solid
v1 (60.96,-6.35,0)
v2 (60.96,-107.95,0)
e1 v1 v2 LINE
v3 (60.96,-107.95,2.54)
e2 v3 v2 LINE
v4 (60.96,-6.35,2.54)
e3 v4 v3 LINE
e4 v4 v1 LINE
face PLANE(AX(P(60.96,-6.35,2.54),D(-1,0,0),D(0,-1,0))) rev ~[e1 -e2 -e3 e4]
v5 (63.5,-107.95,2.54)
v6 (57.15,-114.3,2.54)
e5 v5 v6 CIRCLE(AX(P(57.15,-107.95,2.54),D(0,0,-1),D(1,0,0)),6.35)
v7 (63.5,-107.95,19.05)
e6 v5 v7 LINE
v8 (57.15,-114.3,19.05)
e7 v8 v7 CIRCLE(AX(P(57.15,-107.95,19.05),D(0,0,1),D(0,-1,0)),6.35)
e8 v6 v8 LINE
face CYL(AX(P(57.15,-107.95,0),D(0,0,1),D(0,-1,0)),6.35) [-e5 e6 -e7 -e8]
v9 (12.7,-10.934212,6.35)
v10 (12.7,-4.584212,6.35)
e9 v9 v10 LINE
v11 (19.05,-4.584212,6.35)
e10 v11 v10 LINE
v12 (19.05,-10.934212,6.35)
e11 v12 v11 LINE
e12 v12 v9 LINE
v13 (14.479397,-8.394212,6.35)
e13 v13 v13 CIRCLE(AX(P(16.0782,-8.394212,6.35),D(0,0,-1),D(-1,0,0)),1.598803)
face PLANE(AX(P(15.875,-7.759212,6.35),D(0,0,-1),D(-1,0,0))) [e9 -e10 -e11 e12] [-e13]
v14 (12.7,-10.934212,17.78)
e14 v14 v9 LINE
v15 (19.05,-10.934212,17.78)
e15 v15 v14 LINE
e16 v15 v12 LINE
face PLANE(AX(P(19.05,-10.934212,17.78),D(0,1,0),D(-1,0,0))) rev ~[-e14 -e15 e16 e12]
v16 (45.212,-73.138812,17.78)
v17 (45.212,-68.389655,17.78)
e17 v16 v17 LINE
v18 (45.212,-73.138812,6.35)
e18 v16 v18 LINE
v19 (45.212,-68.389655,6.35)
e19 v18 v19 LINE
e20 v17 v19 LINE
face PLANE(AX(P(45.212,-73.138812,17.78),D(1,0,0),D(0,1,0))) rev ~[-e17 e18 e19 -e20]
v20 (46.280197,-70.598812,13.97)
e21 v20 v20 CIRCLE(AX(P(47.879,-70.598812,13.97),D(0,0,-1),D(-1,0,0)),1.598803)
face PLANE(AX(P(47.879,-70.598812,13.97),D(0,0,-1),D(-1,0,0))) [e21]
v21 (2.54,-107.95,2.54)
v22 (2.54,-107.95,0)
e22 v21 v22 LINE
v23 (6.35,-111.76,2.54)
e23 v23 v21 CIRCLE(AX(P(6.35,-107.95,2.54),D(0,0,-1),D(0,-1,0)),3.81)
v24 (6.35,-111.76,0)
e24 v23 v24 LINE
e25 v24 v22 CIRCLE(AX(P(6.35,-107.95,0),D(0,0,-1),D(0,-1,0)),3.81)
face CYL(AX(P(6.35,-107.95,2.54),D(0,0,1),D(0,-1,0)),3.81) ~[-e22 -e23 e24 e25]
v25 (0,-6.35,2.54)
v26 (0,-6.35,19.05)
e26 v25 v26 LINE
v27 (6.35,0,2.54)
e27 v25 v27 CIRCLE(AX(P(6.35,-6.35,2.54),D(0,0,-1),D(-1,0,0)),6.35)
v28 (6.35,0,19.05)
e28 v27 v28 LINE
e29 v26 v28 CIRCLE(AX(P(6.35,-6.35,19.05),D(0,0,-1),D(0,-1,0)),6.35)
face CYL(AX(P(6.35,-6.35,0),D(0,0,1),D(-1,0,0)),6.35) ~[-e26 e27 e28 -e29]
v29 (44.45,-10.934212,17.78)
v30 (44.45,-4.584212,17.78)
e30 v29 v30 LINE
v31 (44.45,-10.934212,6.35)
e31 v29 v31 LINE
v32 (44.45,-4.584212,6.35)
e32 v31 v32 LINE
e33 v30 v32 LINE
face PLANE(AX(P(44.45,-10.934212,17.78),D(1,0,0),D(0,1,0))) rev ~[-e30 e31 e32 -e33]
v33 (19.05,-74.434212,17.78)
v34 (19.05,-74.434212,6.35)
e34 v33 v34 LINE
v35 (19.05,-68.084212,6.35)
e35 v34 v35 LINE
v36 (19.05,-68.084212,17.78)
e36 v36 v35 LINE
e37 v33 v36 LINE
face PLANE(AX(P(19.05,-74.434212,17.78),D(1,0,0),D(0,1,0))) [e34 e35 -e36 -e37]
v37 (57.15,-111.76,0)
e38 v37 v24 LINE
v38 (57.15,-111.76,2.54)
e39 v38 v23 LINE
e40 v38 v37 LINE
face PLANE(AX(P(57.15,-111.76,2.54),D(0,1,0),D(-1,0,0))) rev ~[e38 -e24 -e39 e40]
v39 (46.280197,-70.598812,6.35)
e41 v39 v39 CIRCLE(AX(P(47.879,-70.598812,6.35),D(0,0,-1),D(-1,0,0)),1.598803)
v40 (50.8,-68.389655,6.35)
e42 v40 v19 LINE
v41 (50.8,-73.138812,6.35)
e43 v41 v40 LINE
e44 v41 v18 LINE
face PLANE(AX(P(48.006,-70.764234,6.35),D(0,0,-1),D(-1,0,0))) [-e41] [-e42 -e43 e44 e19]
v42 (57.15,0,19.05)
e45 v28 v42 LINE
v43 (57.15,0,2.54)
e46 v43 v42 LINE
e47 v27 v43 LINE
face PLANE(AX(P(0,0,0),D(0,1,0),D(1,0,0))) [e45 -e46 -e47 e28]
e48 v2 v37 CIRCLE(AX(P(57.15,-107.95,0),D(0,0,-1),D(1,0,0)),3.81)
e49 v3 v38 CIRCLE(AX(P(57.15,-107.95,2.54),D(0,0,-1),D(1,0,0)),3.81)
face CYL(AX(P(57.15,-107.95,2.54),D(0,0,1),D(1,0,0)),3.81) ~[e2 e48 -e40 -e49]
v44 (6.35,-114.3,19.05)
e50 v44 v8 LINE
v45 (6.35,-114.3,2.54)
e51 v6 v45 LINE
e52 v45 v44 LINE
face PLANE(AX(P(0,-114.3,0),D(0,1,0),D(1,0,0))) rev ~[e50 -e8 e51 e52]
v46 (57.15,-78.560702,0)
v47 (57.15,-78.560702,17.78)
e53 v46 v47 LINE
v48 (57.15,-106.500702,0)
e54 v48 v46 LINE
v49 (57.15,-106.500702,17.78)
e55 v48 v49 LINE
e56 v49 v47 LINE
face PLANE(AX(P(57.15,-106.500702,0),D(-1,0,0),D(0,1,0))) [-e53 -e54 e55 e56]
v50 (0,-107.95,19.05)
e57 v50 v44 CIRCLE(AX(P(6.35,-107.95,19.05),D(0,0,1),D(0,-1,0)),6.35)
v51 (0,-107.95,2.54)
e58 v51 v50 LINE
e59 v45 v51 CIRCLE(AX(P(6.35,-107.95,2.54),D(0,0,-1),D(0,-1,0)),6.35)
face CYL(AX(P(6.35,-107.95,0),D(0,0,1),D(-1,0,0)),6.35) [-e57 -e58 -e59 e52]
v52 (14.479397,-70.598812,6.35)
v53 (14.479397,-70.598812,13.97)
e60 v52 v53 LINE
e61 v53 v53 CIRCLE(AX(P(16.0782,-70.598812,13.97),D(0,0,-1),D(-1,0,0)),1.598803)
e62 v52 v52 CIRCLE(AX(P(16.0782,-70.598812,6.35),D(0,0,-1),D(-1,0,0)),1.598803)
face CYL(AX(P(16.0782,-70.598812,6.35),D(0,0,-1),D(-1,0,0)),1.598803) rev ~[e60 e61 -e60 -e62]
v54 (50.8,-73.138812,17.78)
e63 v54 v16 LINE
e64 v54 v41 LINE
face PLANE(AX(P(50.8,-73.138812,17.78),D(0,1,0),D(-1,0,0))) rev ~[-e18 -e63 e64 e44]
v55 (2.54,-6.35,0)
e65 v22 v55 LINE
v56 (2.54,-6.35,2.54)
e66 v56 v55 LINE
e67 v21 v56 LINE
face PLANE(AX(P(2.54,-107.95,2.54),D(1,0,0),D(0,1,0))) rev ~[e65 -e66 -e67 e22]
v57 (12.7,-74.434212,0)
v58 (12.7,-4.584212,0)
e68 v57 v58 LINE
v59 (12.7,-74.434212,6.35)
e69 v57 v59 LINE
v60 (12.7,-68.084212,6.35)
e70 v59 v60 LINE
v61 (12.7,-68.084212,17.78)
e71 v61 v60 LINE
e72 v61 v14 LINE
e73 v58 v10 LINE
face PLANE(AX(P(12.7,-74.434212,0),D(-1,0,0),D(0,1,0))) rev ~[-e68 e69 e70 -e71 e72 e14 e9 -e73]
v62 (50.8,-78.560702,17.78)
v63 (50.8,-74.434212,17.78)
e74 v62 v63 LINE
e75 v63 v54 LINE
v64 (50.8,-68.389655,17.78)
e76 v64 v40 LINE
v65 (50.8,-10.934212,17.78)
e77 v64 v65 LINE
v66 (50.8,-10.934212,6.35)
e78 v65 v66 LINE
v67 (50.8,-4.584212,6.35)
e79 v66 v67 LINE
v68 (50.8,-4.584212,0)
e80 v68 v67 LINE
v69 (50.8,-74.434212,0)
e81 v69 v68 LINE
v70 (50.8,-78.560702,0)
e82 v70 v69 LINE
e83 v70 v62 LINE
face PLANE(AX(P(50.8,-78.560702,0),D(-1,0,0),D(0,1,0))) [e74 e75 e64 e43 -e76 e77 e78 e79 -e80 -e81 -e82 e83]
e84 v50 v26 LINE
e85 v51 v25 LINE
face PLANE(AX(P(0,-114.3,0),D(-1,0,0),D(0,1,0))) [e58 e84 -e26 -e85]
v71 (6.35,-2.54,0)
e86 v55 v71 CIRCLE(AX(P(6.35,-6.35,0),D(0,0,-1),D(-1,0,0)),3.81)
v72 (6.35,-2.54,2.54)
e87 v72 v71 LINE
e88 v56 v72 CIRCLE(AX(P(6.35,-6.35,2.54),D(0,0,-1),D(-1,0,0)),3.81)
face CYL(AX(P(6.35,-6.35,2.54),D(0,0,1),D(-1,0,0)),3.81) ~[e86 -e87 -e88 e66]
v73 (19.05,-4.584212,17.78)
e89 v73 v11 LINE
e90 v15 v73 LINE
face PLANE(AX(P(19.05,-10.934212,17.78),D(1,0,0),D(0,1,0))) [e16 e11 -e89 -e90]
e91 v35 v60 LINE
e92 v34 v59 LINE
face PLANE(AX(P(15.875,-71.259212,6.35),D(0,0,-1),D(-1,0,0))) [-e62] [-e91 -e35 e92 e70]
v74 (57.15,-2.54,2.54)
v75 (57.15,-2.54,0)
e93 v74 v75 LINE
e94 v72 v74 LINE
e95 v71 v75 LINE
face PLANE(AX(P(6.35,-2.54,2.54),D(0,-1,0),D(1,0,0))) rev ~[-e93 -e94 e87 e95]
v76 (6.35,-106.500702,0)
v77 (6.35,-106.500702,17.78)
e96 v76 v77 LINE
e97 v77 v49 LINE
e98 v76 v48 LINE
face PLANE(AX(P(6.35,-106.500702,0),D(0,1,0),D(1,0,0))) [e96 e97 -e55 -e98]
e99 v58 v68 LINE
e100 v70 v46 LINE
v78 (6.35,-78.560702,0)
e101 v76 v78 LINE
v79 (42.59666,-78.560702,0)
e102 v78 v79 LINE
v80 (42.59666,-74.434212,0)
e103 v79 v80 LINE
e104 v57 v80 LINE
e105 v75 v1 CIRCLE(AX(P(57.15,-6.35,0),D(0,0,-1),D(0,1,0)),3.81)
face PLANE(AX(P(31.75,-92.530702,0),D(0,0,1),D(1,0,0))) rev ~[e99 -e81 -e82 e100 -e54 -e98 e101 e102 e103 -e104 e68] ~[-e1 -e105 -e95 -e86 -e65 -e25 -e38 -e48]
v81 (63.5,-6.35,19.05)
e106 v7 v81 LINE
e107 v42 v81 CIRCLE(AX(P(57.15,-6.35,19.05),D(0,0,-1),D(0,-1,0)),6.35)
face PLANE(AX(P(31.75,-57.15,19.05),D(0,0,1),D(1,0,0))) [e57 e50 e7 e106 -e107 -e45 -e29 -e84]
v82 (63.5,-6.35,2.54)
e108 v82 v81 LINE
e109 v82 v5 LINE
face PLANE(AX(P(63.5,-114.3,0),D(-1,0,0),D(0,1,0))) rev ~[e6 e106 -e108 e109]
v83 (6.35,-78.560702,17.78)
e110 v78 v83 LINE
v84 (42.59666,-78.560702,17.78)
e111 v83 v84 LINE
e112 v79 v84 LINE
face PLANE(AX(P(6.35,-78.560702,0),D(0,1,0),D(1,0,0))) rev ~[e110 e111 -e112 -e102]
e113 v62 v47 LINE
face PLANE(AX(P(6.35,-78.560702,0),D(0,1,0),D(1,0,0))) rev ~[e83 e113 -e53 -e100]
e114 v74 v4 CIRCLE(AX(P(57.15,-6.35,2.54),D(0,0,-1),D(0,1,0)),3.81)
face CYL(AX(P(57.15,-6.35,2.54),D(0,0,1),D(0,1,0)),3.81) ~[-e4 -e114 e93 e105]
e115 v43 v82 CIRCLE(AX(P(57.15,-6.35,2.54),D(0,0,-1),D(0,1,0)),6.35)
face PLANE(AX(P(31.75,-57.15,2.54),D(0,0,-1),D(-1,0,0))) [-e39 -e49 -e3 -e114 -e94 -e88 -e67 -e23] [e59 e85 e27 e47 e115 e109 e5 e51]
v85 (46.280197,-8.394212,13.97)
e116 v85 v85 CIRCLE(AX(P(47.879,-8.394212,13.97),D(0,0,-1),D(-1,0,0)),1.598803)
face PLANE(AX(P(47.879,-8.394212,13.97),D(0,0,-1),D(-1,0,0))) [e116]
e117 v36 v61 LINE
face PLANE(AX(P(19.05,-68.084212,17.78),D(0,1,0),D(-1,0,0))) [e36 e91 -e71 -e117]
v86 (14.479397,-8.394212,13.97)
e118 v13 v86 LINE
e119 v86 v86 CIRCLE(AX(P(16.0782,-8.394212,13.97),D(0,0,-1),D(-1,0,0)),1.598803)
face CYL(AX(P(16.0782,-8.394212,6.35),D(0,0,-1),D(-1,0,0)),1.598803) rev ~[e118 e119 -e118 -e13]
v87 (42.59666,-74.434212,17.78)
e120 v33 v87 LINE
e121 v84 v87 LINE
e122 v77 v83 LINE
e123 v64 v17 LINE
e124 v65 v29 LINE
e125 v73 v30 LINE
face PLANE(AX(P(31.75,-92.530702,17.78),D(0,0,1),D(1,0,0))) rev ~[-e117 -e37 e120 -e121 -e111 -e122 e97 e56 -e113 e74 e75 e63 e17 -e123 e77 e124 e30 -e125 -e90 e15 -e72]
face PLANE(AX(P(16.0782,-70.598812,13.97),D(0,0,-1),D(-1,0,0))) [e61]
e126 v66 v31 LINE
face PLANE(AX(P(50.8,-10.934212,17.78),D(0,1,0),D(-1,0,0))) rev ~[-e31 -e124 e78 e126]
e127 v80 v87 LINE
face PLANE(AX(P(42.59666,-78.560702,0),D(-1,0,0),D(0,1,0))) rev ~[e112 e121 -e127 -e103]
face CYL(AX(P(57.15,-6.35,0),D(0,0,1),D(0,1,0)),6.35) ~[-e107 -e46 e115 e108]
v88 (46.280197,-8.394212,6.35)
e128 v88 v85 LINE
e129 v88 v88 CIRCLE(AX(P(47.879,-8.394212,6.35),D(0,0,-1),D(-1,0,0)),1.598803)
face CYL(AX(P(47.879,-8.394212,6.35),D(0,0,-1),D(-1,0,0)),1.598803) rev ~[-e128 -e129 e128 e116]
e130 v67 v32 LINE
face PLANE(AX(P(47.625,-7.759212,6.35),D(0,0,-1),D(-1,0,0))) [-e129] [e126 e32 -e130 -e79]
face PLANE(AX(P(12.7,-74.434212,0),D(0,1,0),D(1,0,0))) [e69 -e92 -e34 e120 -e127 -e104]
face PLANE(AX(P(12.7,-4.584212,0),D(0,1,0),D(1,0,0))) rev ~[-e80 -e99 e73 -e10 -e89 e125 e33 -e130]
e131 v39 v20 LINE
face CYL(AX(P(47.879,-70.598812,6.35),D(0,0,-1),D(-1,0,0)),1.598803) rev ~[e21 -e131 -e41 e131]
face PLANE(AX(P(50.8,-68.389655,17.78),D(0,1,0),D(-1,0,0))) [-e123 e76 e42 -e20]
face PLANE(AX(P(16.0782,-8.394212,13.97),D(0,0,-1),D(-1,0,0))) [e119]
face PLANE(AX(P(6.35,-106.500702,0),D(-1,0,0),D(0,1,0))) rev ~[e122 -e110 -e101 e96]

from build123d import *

# Parameters (mm, degrees)
SKETCH1_W           = 63.5
SKETCH1_H           = 114.3
SKETCH1_W_2         = 38.1
SKETCH1_H_2         = 69.85
SKETCH1_W_3         = 50.8
SKETCH1_H_3         = 27.94
BOSS_EXTRUDE1_DEPTH = 19.05
SKETCH1_4_W         = 50.8
SKETCH1_4_H         = 27.94
CUT_EXTRUDE1_DEPTH  = 17.78
SKETCH3_W           = 8.203339587
SKETCH3_H           = 4.126489459
CUT_EXTRUDE2_DEPTH  = 17.78
SKETCH1_6_W         = 38.1
SKETCH1_6_H         = 69.85
CUT_EXTRUDE4_DEPTH  = 17.78
SKETCH7_W           = 5.588
SKETCH7_H           = 4.749156964
SKETCH7_W_2         = 6.35
SKETCH7_H_2         = 6.35
BOSS_EXTRUDE2_DEPTH = 11.43
CUT_EXTRUDE5_START  = 11.43
SKETCH6_R           = 1.598803
CUT_EXTRUDE5_DEPTH  = 7.62
FILLET2_R           = 6.35
CUT_EXTRUDE6_START  = -2.54
CUT_EXTRUDE6_DEPTH  = 2.54


with BuildPart() as part:
    # Sketch1 → Boss-Extrude1 (new body)
    # profile 1 of 3: a face of its own
    with BuildSketch(Plane.XY):
        with Locations((31.75, -57.15)):
            Rectangle(SKETCH1_W, SKETCH1_H)
        with Locations((31.75, -39.50921232)):
            Rectangle(SKETCH1_W_2, SKETCH1_H_2, mode=Mode.SUBTRACT)
        with Locations((31.75, -92.530701779)):
            Rectangle(SKETCH1_W_3, SKETCH1_H_3, mode=Mode.SUBTRACT)
    # profile 2 of 3: a face of its own
    with BuildSketch(Plane.XY):
        with Locations((31.75, -39.50921232)):
            Rectangle(SKETCH1_W_2, SKETCH1_H_2)
    # profile 3 of 3: a face of its own
    with BuildSketch(Plane.XY):
        with Locations((31.75, -92.530701779)):
            Rectangle(SKETCH1_W_3, SKETCH1_H_3)
    extrude(amount=BOSS_EXTRUDE1_DEPTH)

    # Sketch1<4> → Cut-Extrude1 (cut)
    with BuildSketch(Plane.XY):
        with Locations((31.75, -92.530701779)):
            Rectangle(SKETCH1_4_W, SKETCH1_4_H)
    extrude(amount=CUT_EXTRUDE1_DEPTH, mode=Mode.SUBTRACT)

    # Sketch3 → Cut-Extrude2 (cut)
    with BuildSketch(Plane(origin=(0, 0, 0), x_dir=(-1, 0, 0), z_dir=(0, 0, -1))):
        with Locations((-46.698330207, -76.497457049)):
            Rectangle(SKETCH3_W, SKETCH3_H)
    extrude(amount=-CUT_EXTRUDE2_DEPTH, mode=Mode.SUBTRACT)

    # Sketch1<6> → Cut-Extrude4 (cut)
    with BuildSketch(Plane.XY):
        with Locations((31.75, -39.50921232)):
            Rectangle(SKETCH1_6_W, SKETCH1_6_H)
    extrude(amount=CUT_EXTRUDE4_DEPTH, mode=Mode.SUBTRACT)

    # Sketch7 → Boss-Extrude2 (add)
    with BuildSketch(Plane(origin=(0, 0, 17.78), x_dir=(-1, 0, 0), z_dir=(0, 0, -1))):
        with Locations((-48.006, -70.764233838)):
            Rectangle(SKETCH7_W, SKETCH7_H)
        with Locations((-15.875, -71.25921232)):
            Rectangle(SKETCH7_W_2, SKETCH7_H_2)
        with Locations((-15.875, -7.75921232)):
            Rectangle(SKETCH7_W_2, SKETCH7_H_2)
        with Locations((-47.625, -7.75921232)):
            Rectangle(SKETCH7_W_2, SKETCH7_H_2)
    extrude(amount=BOSS_EXTRUDE2_DEPTH)

    # Sketch6 → Cut-Extrude5 (cut)
    with BuildSketch(Plane(origin=(0, 0, 17.78), x_dir=(-1, 0, 0), z_dir=(0, 0, -1)).offset(CUT_EXTRUDE5_START)):
        with Locations((-47.879, -70.59881232)):
            Circle(SKETCH6_R)
        with Locations((-16.0782, -70.59881232)):
            Circle(SKETCH6_R)
        with Locations((-47.879, -8.39421232)):
            Circle(SKETCH6_R)
        with Locations((-16.0782, -8.39421232)):
            Circle(SKETCH6_R)
    extrude(amount=-CUT_EXTRUDE5_DEPTH, mode=Mode.SUBTRACT)

    # Fillet2
    fillet2_edges = [part.edges().sort_by_distance(p)[0] for p in [
        (63.5, -114.3, 9.525),
        (0, -114.3, 9.525),
        (0, 0, 9.525),
        (63.5, 0, 9.525),
    ]]
    fillet(fillet2_edges, radius=FILLET2_R)

    # Sketch9 → Cut-Extrude6 (cut)
    with BuildSketch(Plane(origin=(0, 0, 0), x_dir=(-1, 0, 0), z_dir=(0, 0, -1)).offset(CUT_EXTRUDE6_START)):
        with BuildLine():
            ThreePointArc((-6.35, -114.3), (-1.859871939, -112.440128061), (0, -107.95))
            Line((0, -107.95), (0, -6.35))
            ThreePointArc((0, -6.35), (-1.859871939, -1.859871939), (-6.35, 0))
            Line((-6.35, 0), (-57.15, 0))
            ThreePointArc((-57.15, 0), (-61.640128061, -1.859871939), (-63.5, -6.35))
            Line((-63.5, -6.35), (-63.5, -107.95))
            ThreePointArc((-63.5, -107.95), (-61.640128061, -112.440128061), (-57.15, -114.3))
            Line((-57.15, -114.3), (-6.35, -114.3))
        make_face()
        with BuildLine():
            ThreePointArc((-60.96, -107.95), (-59.844076836, -110.644076836), (-57.15, -111.76))
            Line((-57.15, -111.76), (-6.35, -111.76))
            ThreePointArc((-6.35, -111.76), (-3.655923164, -110.644076836), (-2.54, -107.95))
            Line((-2.54, -107.95), (-2.54, -6.35))
            ThreePointArc((-2.54, -6.35), (-3.655923164, -3.655923164), (-6.35, -2.54))
            Line((-6.35, -2.54), (-57.15, -2.54))
            ThreePointArc((-57.15, -2.54), (-59.844076836, -3.655923164), (-60.96, -6.35))
            Line((-60.96, -6.35), (-60.96, -107.95))
        make_face(mode=Mode.SUBTRACT)
    extrude(amount=CUT_EXTRUDE6_DEPTH, mode=Mode.SUBTRACT)


solid = part.part
